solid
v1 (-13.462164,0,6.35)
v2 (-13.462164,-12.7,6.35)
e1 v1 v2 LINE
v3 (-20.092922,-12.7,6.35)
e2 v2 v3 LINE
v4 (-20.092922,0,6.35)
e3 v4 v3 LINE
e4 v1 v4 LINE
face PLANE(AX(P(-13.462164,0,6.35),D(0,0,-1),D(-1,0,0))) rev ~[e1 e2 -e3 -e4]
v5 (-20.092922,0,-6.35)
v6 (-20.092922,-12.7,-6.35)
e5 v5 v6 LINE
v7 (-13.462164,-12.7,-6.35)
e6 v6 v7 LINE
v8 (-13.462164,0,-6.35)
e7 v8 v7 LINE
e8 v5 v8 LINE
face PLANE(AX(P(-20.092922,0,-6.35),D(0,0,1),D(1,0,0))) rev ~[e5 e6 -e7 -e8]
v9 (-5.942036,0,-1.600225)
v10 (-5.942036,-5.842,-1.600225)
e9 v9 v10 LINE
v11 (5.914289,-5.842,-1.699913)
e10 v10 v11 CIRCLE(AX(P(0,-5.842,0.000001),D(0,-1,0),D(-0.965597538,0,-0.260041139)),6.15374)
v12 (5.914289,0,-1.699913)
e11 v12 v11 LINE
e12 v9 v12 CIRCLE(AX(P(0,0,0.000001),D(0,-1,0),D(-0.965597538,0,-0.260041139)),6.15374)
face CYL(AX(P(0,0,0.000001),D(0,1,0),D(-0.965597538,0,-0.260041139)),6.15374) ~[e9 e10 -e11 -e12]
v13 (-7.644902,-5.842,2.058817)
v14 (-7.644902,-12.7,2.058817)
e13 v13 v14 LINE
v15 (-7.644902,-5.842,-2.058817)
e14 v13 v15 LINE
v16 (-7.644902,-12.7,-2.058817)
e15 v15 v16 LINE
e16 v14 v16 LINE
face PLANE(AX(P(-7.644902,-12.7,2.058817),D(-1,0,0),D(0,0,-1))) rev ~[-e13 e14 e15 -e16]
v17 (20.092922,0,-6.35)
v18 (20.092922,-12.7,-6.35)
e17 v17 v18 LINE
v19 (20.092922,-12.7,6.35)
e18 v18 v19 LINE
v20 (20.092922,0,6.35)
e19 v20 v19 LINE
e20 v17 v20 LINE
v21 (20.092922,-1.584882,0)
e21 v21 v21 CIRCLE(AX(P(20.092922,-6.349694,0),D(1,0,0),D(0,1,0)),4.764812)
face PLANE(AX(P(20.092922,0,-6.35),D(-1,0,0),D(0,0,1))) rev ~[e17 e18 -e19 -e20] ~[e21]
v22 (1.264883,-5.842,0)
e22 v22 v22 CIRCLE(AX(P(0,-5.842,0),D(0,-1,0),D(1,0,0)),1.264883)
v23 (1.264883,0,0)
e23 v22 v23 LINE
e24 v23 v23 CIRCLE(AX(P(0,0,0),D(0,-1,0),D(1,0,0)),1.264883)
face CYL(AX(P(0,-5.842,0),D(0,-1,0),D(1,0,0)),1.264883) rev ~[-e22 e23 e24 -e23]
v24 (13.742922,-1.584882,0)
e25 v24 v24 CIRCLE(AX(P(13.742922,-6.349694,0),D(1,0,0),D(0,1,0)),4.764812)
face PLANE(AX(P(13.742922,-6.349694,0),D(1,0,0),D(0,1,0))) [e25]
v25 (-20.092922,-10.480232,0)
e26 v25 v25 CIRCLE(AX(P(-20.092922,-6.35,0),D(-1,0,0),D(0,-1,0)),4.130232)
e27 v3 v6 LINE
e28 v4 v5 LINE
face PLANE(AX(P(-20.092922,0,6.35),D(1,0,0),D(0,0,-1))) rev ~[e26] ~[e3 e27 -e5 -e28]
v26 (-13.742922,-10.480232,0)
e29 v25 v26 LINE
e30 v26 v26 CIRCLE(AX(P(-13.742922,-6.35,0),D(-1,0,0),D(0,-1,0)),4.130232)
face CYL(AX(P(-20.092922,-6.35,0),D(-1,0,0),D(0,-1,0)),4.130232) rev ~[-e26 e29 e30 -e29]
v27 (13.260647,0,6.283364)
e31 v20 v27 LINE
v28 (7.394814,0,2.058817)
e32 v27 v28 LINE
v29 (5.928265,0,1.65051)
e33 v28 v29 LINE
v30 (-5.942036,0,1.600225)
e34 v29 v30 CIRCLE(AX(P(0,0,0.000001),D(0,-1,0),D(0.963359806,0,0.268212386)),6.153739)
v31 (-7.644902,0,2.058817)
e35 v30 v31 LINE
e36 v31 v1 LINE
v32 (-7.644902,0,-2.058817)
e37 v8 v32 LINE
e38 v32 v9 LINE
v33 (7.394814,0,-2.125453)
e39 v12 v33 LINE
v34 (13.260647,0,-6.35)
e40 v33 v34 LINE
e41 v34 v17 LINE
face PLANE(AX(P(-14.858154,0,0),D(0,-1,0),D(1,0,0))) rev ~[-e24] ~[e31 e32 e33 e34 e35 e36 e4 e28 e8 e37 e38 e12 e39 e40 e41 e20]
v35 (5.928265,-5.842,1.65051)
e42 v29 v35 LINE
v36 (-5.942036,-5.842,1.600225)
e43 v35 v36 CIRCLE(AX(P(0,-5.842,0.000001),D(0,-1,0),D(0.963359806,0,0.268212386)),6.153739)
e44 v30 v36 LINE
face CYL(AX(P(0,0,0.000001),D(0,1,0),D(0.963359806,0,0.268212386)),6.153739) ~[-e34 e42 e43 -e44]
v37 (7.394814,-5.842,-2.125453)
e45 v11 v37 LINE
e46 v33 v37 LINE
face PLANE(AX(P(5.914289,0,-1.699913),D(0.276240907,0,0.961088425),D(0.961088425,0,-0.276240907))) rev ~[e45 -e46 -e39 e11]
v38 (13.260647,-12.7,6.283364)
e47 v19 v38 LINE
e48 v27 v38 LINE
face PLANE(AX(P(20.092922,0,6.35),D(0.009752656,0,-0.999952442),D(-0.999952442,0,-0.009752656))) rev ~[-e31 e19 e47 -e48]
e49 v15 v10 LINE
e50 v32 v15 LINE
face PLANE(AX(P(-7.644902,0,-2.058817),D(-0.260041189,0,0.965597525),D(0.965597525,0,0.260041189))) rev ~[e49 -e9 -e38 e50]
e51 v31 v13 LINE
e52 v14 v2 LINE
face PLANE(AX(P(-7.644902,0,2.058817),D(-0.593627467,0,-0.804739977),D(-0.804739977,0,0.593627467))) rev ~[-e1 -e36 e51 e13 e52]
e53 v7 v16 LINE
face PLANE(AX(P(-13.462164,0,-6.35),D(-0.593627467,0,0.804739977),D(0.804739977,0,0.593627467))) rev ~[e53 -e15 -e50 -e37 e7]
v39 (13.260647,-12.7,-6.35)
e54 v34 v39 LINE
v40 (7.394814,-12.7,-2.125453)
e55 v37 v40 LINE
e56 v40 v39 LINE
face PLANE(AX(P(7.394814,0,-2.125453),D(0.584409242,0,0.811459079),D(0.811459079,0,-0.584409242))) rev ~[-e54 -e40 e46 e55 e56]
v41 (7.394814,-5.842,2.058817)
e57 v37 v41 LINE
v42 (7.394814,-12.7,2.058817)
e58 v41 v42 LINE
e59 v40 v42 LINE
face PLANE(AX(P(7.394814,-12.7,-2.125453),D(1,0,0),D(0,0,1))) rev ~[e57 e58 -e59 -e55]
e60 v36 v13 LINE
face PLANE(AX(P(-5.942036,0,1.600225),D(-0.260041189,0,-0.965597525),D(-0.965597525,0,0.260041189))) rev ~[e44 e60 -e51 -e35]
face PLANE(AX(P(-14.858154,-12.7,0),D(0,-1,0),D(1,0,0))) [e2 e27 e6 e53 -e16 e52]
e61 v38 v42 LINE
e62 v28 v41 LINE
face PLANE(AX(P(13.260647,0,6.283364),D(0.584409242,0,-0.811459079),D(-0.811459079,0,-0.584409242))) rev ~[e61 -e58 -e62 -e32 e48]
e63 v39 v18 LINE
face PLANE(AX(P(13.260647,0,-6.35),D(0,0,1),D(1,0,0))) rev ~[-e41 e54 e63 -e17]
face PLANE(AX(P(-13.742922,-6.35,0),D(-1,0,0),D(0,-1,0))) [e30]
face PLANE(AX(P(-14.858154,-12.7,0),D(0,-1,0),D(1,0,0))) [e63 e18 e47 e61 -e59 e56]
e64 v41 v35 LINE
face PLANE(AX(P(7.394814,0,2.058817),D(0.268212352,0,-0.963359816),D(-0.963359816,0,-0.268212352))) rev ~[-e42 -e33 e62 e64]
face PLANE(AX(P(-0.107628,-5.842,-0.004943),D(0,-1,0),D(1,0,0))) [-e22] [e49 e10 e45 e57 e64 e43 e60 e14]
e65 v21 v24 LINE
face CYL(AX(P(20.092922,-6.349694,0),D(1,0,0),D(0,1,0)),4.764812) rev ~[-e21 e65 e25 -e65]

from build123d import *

# Parameters (mm, degrees)
F1_DEPTH = 12.7
F3_DEPTH = 6.858
F4_R     = 4.130232
F5_DEPTH = 6.35
F6_R     = 4.764812
F7_DEPTH = 6.35
F8_R     = 1.264883
F9_DEPTH = 25.4


with BuildPart() as f1:
    # F0 (on Front) → F1 (new body)
    with BuildSketch(Plane.XZ):
        Polygon((-7.644902, -2.058817), (-7.644902, 2.058817), (-13.462164, 6.35), (-20.092922, 6.35), (-20.092922, 0), (-20.092922, -6.35), (-13.462164, -6.35), align=None)
        with BuildLine():
            Line((7.394814, 2.058817), (5.928265, 1.65051))
            ThreePointArc((5.928265, 1.65051), (-0.026068, 6.153685), (-5.942036, 1.600225))
            Line((-5.942036, 1.600225), (-7.644902, 2.058817))
            Line((-7.644902, 2.058817), (-7.644902, -2.058817))
            Line((-7.644902, -2.058817), (-5.942036, -1.600225))
            ThreePointArc((-5.942036, -1.600225), (-0.051739, -6.153522), (5.914289, -1.699913))
            Line((5.914289, -1.699913), (7.394814, -2.125453))
            Line((7.394814, -2.125453), (7.394814, 2.058817))
        make_face()
        Polygon((13.260647, 6.283364), (7.394814, 2.058817), (7.394814, -2.125453), (13.260647, -6.35), (20.092922, -6.35), (20.092922, 0), (20.092922, 6.35), align=None)
    extrude(amount=F1_DEPTH)

    # F2 (on face) → F3 (cut)
    with BuildSketch(Plane.XZ.offset(12.7)):
        with BuildLine():
            Line((-5.942036, 1.600225), (-7.644902, 2.058817))
            Line((-7.644902, 2.058817), (-7.644902, -2.058817))
            Line((-7.644902, -2.058817), (-5.942036, -1.600225))
            ThreePointArc((-5.942036, -1.600225), (-0.051739, -6.153522), (5.914289, -1.699913))
            Line((5.914289, -1.699913), (7.394814, -2.125453))
            Line((7.394814, -2.125453), (7.394814, 2.058817))
            Line((7.394814, 2.058817), (5.928265, 1.65051))
            ThreePointArc((5.928265, 1.65051), (-0.026068, 6.153685), (-5.942036, 1.600225))
        make_face()
    extrude(amount=-F3_DEPTH, mode=Mode.SUBTRACT)

    # F4 (on face) → F5 (cut)
    with BuildSketch(Plane(origin=(-20.092922, 0, 0), x_dir=(0, -1, 0), z_dir=(-1, 0, 0))):
        with Locations((6.35, 0)):
            Circle(F4_R)
    extrude(amount=-F5_DEPTH, mode=Mode.SUBTRACT)

    # F6 (on face) → F7 (cut)
    with BuildSketch(Plane.YZ.offset(20.092922)):
        with Locations((-6.349694, 0)):
            Circle(F6_R)
    extrude(amount=-F7_DEPTH, mode=Mode.SUBTRACT)

    # F8 (on face) → F9 (cut)
    with BuildSketch(Plane.XZ.offset(5.842)):
        Circle(F8_R)
    extrude(amount=-F9_DEPTH, mode=Mode.SUBTRACT)


solid = f1.part
